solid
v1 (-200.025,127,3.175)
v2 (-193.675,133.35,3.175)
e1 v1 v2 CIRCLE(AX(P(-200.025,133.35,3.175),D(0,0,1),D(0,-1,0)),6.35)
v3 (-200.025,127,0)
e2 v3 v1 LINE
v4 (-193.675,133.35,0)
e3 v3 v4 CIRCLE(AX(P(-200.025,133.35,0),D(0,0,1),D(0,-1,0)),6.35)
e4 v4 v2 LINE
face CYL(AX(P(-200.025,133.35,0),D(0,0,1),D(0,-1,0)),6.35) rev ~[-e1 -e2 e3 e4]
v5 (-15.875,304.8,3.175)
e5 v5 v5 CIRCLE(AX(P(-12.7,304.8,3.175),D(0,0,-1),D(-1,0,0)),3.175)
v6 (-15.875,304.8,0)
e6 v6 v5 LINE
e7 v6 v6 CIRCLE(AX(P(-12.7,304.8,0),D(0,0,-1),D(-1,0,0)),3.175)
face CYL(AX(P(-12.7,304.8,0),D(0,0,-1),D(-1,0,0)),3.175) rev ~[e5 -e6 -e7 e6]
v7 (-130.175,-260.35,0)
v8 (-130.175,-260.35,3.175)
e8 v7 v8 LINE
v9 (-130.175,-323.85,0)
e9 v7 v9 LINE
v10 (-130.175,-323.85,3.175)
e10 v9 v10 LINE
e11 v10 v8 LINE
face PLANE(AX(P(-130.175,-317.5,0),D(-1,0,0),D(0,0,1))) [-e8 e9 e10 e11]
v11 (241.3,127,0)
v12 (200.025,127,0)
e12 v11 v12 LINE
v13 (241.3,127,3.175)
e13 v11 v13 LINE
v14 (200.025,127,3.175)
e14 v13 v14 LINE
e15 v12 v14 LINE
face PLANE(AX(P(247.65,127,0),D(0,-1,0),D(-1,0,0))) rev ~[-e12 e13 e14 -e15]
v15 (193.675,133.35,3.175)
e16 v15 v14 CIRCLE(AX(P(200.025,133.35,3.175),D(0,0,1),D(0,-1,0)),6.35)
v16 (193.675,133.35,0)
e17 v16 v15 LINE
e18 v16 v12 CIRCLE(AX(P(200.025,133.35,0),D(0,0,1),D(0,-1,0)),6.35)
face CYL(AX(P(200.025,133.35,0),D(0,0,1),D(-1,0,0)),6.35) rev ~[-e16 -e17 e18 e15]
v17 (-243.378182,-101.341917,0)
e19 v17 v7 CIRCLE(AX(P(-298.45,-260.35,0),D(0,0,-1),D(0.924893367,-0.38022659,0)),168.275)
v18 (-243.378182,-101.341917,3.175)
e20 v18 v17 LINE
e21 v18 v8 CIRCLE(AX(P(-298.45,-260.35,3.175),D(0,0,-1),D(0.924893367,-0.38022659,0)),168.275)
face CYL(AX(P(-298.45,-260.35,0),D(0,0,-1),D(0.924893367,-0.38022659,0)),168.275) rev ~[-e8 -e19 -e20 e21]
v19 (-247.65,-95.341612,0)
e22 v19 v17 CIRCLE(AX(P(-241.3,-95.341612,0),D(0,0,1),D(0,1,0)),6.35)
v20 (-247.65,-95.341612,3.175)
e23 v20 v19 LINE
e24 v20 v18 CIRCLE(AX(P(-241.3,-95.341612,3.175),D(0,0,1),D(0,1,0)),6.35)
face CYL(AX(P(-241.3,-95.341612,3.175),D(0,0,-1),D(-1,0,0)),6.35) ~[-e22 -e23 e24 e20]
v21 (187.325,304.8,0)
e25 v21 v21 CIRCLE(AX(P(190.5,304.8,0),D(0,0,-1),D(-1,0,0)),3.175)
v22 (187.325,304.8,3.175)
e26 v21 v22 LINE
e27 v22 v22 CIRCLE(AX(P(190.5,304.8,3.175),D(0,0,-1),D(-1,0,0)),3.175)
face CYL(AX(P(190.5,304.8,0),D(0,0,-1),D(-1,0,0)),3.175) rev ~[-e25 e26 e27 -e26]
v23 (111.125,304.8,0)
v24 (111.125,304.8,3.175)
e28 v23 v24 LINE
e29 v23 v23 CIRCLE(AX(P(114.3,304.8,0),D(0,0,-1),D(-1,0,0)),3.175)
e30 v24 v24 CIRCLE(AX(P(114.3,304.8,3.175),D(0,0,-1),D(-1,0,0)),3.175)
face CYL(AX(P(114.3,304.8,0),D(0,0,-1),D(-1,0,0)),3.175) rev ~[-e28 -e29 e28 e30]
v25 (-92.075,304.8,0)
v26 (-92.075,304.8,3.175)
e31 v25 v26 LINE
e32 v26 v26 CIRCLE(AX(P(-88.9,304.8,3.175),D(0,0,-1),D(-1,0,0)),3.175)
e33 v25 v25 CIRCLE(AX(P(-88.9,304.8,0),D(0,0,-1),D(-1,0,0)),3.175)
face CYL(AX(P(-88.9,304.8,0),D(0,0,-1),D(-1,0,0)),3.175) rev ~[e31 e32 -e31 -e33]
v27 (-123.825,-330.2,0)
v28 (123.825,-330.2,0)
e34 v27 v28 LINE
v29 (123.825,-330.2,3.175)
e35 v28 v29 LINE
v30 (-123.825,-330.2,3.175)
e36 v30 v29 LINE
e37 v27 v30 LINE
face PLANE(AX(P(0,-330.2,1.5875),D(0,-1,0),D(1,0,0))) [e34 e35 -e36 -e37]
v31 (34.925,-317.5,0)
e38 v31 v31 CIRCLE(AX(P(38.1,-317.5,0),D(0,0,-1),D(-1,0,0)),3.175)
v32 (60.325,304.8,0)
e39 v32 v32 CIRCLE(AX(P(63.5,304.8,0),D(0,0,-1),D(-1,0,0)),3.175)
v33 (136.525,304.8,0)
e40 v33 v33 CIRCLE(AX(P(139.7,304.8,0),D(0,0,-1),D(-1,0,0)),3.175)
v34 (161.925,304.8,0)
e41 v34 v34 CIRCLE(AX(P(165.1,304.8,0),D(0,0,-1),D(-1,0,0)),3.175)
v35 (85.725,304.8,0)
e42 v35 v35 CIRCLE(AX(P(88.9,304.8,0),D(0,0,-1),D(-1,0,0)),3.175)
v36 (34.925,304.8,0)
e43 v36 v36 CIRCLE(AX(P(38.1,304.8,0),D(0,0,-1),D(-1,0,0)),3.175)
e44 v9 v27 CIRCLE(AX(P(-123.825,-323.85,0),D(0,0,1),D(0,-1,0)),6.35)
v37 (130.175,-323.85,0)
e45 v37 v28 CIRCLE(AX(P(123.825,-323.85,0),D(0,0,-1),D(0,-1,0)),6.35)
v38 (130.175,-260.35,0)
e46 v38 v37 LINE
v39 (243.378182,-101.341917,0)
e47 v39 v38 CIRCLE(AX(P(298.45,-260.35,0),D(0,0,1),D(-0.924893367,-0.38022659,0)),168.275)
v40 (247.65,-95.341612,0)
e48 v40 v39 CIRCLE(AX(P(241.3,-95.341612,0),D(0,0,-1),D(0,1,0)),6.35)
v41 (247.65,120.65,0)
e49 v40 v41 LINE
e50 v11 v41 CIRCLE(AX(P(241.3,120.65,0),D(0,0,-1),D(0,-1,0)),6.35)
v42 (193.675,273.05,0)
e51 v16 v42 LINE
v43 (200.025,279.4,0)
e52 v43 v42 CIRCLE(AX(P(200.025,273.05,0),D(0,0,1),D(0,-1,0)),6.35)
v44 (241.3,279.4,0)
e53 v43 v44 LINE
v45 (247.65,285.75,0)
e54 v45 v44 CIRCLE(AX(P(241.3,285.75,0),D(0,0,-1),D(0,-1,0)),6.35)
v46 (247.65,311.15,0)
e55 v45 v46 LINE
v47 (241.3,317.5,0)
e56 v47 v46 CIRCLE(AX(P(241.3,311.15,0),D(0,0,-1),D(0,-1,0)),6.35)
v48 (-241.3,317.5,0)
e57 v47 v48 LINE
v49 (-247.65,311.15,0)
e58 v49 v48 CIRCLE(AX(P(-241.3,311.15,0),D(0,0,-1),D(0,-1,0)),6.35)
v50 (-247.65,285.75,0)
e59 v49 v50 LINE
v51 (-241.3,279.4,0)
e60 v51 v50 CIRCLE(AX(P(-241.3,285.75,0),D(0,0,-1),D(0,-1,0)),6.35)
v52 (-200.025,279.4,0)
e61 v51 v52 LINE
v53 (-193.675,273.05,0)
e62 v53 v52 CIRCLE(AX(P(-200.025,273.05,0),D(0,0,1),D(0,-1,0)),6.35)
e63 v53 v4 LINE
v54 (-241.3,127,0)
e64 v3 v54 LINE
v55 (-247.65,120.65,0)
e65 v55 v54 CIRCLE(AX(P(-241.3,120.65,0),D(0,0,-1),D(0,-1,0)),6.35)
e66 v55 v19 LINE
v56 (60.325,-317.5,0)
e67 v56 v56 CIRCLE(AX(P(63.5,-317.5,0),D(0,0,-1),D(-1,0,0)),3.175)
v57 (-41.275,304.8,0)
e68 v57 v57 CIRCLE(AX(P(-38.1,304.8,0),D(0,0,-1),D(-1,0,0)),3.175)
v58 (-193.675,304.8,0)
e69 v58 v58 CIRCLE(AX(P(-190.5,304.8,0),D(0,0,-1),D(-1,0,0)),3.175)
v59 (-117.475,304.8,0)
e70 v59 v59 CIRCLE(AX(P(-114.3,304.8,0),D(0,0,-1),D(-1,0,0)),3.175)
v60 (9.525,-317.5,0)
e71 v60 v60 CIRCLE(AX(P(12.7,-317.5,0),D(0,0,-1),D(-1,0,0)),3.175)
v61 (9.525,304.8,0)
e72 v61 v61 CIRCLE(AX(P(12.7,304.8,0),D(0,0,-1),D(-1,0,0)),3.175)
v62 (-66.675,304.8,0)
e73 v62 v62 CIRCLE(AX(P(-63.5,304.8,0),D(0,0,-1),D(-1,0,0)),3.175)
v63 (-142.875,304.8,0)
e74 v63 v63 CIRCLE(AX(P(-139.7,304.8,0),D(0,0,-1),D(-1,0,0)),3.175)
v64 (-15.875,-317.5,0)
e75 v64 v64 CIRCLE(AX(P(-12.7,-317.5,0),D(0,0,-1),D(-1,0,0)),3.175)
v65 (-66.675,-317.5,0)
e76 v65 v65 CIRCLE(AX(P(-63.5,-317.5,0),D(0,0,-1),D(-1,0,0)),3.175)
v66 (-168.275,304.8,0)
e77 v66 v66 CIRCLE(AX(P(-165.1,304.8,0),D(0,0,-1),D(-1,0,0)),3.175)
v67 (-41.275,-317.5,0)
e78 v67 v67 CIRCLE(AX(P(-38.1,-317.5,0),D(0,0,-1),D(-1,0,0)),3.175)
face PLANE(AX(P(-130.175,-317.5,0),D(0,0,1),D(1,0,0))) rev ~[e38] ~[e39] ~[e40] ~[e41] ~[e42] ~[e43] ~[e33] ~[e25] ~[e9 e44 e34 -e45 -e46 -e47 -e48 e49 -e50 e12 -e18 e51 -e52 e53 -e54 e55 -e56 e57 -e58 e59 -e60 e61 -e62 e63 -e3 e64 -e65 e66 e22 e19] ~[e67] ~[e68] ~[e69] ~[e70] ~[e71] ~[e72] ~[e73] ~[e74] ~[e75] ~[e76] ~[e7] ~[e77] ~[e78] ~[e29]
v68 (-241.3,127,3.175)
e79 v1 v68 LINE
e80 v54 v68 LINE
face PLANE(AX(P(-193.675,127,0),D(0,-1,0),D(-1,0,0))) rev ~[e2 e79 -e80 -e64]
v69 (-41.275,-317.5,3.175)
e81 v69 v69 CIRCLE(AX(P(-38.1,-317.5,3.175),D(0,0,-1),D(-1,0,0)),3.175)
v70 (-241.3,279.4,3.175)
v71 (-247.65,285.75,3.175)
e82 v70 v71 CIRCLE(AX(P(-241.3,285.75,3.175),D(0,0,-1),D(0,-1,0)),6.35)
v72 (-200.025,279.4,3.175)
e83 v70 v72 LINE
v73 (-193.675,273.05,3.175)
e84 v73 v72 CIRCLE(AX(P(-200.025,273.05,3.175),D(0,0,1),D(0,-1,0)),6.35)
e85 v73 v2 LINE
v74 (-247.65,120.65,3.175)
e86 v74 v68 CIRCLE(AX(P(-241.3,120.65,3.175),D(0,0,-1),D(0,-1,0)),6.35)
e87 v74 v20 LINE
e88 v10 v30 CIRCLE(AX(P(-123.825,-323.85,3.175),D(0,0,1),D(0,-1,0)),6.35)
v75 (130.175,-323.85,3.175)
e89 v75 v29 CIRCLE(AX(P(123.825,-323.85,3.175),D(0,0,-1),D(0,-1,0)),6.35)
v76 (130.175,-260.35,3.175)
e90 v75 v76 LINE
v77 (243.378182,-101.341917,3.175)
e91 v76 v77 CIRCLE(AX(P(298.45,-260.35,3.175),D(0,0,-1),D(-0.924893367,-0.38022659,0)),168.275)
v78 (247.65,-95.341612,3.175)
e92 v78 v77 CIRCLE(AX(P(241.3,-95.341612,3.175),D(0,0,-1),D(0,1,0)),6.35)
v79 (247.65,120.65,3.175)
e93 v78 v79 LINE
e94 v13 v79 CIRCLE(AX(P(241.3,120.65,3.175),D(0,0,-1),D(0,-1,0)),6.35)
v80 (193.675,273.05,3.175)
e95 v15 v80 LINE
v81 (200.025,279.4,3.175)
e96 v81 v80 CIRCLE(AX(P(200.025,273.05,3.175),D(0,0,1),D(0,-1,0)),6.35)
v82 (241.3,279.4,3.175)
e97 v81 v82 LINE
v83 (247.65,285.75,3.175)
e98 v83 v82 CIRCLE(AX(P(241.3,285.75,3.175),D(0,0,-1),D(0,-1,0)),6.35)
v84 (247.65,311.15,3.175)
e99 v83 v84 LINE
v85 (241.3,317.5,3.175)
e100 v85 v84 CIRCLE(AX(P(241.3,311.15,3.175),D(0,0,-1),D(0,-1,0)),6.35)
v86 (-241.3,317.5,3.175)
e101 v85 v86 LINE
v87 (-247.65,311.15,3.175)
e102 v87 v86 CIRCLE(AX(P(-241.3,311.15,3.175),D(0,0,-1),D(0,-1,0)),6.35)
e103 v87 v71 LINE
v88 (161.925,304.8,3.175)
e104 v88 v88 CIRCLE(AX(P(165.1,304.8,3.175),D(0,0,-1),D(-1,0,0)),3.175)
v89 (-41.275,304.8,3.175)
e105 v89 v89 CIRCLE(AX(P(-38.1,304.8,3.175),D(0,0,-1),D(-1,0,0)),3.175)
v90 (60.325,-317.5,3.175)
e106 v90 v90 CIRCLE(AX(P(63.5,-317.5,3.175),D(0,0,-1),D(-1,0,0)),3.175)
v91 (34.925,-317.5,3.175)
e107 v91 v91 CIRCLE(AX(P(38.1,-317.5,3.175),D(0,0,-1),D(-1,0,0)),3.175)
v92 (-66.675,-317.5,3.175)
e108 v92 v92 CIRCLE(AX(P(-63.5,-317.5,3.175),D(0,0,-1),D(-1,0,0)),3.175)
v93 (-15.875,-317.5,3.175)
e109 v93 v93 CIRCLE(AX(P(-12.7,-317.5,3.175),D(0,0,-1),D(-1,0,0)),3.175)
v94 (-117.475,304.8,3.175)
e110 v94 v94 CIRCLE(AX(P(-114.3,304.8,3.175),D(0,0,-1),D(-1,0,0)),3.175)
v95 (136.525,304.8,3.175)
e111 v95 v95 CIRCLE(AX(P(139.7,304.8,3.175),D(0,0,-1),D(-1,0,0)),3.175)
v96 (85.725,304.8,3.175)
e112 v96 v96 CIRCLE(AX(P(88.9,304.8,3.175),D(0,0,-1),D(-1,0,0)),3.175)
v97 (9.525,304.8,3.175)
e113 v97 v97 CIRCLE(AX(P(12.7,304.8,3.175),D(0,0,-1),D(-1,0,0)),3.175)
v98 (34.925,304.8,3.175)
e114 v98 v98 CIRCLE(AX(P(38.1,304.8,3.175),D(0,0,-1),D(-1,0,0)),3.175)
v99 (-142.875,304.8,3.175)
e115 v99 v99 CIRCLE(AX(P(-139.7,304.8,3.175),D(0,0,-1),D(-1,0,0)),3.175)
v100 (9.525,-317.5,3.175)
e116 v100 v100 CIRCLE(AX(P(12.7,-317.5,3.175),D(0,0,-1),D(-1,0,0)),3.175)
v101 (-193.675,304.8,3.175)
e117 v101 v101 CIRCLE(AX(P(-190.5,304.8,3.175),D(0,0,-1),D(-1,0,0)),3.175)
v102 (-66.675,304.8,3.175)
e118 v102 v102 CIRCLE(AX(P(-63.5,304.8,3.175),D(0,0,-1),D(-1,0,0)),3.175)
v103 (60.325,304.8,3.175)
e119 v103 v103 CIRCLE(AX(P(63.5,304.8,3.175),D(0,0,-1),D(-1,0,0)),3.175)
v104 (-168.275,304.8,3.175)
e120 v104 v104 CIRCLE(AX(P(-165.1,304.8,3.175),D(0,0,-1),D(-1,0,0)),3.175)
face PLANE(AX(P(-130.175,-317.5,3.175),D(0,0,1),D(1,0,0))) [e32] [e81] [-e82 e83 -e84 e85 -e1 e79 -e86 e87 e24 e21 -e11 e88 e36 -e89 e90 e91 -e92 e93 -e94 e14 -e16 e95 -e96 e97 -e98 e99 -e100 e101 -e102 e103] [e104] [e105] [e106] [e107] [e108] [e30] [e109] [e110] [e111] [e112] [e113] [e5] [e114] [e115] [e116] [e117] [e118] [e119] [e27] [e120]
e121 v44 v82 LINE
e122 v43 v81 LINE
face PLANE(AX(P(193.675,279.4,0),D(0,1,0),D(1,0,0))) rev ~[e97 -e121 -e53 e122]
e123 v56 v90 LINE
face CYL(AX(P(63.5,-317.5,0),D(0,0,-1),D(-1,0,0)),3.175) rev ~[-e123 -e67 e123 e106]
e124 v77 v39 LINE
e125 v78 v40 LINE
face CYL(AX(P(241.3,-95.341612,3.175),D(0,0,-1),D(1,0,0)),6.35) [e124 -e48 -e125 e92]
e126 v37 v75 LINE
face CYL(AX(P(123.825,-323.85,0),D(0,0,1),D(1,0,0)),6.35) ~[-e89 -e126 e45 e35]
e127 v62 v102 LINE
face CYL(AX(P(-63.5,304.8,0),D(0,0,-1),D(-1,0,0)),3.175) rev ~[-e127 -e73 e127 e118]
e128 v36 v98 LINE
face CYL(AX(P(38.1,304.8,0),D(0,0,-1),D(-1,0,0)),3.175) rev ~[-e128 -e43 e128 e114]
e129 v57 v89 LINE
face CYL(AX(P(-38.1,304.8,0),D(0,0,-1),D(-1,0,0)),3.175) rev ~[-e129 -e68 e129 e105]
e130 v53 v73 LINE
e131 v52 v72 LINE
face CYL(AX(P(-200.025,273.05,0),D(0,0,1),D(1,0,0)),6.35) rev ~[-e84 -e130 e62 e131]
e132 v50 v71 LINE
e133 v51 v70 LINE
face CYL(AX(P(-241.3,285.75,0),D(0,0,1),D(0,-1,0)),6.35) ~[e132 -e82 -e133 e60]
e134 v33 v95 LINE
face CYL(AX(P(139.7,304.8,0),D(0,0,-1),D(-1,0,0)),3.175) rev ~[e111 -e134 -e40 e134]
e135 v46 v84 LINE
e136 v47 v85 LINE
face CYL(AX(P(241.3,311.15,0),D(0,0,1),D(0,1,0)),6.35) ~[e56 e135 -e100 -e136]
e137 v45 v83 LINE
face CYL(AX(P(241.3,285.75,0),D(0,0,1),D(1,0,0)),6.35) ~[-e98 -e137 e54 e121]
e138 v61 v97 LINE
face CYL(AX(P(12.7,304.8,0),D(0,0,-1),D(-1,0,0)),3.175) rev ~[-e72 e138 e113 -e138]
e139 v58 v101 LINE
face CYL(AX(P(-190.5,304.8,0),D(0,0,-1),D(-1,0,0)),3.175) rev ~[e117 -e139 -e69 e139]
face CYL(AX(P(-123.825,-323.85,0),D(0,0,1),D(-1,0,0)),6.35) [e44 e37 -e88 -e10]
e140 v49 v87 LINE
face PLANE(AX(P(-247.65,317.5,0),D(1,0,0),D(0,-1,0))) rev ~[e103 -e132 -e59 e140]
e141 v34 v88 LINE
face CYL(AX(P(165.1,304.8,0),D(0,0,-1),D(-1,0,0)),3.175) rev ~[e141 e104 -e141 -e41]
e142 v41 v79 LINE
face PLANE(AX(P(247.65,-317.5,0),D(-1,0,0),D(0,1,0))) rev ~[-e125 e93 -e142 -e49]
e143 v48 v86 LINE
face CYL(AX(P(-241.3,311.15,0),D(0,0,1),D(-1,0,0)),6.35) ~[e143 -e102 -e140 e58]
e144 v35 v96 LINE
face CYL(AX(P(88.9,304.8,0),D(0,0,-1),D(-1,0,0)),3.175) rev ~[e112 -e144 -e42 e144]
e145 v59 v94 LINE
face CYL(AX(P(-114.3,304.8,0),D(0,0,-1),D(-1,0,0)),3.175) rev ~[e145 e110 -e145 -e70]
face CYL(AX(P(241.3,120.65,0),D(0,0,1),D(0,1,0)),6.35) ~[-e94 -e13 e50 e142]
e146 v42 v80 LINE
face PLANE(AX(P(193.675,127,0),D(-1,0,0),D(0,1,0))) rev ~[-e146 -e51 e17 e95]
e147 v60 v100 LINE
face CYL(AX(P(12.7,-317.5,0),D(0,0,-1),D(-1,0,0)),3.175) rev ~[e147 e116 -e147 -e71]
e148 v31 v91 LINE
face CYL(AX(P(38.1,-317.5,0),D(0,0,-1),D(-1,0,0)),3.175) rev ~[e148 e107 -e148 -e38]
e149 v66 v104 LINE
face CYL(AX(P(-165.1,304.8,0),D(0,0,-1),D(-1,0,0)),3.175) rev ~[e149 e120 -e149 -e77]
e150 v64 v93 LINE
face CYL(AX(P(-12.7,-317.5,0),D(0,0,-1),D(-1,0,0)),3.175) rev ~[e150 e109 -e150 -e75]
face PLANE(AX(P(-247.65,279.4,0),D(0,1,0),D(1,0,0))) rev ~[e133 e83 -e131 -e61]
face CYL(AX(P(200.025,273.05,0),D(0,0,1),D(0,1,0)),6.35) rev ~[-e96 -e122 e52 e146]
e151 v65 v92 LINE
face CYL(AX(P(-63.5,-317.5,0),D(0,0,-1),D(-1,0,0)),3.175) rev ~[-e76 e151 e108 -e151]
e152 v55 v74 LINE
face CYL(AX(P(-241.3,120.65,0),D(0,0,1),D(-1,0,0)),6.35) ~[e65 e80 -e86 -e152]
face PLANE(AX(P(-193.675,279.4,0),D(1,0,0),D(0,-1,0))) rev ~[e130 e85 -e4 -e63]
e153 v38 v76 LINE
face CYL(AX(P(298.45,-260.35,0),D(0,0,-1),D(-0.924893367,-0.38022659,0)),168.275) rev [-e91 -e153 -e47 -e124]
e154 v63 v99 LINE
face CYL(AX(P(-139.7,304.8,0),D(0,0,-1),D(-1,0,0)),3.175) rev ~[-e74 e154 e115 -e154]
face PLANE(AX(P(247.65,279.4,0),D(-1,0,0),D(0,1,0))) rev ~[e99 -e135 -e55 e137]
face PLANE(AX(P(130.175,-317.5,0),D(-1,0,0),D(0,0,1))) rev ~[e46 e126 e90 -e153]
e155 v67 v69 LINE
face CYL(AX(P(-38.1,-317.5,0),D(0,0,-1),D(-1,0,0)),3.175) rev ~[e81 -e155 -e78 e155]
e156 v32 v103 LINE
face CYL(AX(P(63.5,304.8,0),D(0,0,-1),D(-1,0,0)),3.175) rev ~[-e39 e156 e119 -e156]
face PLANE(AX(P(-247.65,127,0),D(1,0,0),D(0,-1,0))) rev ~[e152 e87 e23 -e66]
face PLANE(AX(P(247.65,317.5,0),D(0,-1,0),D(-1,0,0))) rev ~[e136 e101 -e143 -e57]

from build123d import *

# Parameters (mm, degrees)
BOSS_EXTRUDE1_DEPTH = 3.175
CUT_EXTRUDE1_DEPTH  = 403.674624387
SKETCH3_W           = 260.35
SKETCH3_H           = 3.175
BOSS_EXTRUDE2_DEPTH = 12.7
FILLET1_R           = 6.35
SKETCH5_R           = 3.175
CUT_EXTRUDE2_DEPTH  = 413.762211358


with BuildPart() as part:
    # Sketch1 → Boss-Extrude1 (new body)
    with BuildSketch(Plane.XY):
        Polygon((-247.65, 127), (-247.65, -317.5), (247.65, -317.5), (247.65, 127), (193.675, 127), (193.675, 279.4), (247.65, 279.4), (247.65, 317.5), (-247.65, 317.5), (-247.65, 279.4), (-193.675, 279.4), (-193.675, 127), align=None)
    extrude(amount=BOSS_EXTRUDE1_DEPTH)

    # Sketch2 → Cut-Extrude1 (cut, through all)
    with BuildSketch(Plane(origin=(0, 0, 0), x_dir=(-1, 0, 0), z_dir=(0, 0, -1))):
        with BuildLine():
            Line((-130.175, -260.35), (-130.175, -324.332629374))
            Line((-130.175, -324.332629374), (-142.81356865, -324.332629374))
            ThreePointArc((-142.81356865, -324.332629374), (-463.535123664, -227.740529446), (-130.175, -260.35))
        make_face()
        with BuildLine():
            Line((130.175, -324.332629374), (142.81356865, -324.332629374))
            ThreePointArc((142.81356865, -324.332629374), (463.535123664, -227.740529446), (130.175, -260.35))
            Line((130.175, -260.35), (130.175, -324.332629374))
        make_face()
    extrude(amount=-CUT_EXTRUDE1_DEPTH, mode=Mode.SUBTRACT)

    # Sketch3 → Boss-Extrude2 (add)
    with BuildSketch(Plane.XZ.offset(317.5)):
        with Locations((0, 1.5875)):
            Rectangle(SKETCH3_W, SKETCH3_H)
    extrude(amount=BOSS_EXTRUDE2_DEPTH)

    # Fillet1
    fillet1_edges = [part.edges().sort_by_distance(p)[0] for p in [
        (-247.65, 317.5, 1.5875),
        (247.65, 317.5, 1.5875),
        (247.65, 279.4, 1.5875),
        (193.675, 279.4, 1.5875),
        (193.675, 127, 1.5875),
        (247.65, 127, 1.5875),
        (-247.65, 127, 1.5875),
        (-193.675, 127, 1.5875),
        (-193.675, 279.4, 1.5875),
        (-247.65, 279.4, 1.5875),
        (247.65, -99.926075272, 1.5875),
        (-247.65, -99.926075272, 1.5875),
        (-130.175, -330.2, 1.5875),
        (130.175, -330.2, 1.5875),
    ]]
    fillet(fillet1_edges, radius=FILLET1_R)

    # Sketch5 → Cut-Extrude2 (cut, through all)
    with BuildSketch(Plane(origin=(0, 0, 0), x_dir=(-1, 0, 0), z_dir=(0, 0, -1))):
        with Locations((63.5, -317.5)):
            Circle(SKETCH5_R)
        with Locations((38.1, -317.5)):
            Circle(SKETCH5_R)
        with Locations((12.7, -317.5)):
            Circle(SKETCH5_R)
        with Locations((-12.7, -317.5)):
            Circle(SKETCH5_R)
        with Locations((-38.1, -317.5)):
            Circle(SKETCH5_R)
        with Locations((-63.5, -317.5)):
            Circle(SKETCH5_R)
        with Locations((190.5, 304.8)):
            Circle(SKETCH5_R)
        with Locations((165.1, 304.8)):
            Circle(SKETCH5_R)
        with Locations((139.7, 304.8)):
            Circle(SKETCH5_R)
        with Locations((114.3, 304.8)):
            Circle(SKETCH5_R)
        with Locations((88.9, 304.8)):
            Circle(SKETCH5_R)
        with Locations((63.5, 304.8)):
            Circle(SKETCH5_R)
        with Locations((38.1, 304.8)):
            Circle(SKETCH5_R)
        with Locations((12.7, 304.8)):
            Circle(SKETCH5_R)
        with Locations((-12.7, 304.8)):
            Circle(SKETCH5_R)
        with Locations((-38.1, 304.8)):
            Circle(SKETCH5_R)
        with Locations((-63.5, 304.8)):
            Circle(SKETCH5_R)
        with Locations((-88.9, 304.8)):
            Circle(SKETCH5_R)
        with Locations((-114.3, 304.8)):
            Circle(SKETCH5_R)
        with Locations((-139.7, 304.8)):
            Circle(SKETCH5_R)
        with Locations((-165.1, 304.8)):
            Circle(SKETCH5_R)
        with Locations((-190.5, 304.8)):
            Circle(SKETCH5_R)
    extrude(amount=-CUT_EXTRUDE2_DEPTH, mode=Mode.SUBTRACT)


solid = part.part
